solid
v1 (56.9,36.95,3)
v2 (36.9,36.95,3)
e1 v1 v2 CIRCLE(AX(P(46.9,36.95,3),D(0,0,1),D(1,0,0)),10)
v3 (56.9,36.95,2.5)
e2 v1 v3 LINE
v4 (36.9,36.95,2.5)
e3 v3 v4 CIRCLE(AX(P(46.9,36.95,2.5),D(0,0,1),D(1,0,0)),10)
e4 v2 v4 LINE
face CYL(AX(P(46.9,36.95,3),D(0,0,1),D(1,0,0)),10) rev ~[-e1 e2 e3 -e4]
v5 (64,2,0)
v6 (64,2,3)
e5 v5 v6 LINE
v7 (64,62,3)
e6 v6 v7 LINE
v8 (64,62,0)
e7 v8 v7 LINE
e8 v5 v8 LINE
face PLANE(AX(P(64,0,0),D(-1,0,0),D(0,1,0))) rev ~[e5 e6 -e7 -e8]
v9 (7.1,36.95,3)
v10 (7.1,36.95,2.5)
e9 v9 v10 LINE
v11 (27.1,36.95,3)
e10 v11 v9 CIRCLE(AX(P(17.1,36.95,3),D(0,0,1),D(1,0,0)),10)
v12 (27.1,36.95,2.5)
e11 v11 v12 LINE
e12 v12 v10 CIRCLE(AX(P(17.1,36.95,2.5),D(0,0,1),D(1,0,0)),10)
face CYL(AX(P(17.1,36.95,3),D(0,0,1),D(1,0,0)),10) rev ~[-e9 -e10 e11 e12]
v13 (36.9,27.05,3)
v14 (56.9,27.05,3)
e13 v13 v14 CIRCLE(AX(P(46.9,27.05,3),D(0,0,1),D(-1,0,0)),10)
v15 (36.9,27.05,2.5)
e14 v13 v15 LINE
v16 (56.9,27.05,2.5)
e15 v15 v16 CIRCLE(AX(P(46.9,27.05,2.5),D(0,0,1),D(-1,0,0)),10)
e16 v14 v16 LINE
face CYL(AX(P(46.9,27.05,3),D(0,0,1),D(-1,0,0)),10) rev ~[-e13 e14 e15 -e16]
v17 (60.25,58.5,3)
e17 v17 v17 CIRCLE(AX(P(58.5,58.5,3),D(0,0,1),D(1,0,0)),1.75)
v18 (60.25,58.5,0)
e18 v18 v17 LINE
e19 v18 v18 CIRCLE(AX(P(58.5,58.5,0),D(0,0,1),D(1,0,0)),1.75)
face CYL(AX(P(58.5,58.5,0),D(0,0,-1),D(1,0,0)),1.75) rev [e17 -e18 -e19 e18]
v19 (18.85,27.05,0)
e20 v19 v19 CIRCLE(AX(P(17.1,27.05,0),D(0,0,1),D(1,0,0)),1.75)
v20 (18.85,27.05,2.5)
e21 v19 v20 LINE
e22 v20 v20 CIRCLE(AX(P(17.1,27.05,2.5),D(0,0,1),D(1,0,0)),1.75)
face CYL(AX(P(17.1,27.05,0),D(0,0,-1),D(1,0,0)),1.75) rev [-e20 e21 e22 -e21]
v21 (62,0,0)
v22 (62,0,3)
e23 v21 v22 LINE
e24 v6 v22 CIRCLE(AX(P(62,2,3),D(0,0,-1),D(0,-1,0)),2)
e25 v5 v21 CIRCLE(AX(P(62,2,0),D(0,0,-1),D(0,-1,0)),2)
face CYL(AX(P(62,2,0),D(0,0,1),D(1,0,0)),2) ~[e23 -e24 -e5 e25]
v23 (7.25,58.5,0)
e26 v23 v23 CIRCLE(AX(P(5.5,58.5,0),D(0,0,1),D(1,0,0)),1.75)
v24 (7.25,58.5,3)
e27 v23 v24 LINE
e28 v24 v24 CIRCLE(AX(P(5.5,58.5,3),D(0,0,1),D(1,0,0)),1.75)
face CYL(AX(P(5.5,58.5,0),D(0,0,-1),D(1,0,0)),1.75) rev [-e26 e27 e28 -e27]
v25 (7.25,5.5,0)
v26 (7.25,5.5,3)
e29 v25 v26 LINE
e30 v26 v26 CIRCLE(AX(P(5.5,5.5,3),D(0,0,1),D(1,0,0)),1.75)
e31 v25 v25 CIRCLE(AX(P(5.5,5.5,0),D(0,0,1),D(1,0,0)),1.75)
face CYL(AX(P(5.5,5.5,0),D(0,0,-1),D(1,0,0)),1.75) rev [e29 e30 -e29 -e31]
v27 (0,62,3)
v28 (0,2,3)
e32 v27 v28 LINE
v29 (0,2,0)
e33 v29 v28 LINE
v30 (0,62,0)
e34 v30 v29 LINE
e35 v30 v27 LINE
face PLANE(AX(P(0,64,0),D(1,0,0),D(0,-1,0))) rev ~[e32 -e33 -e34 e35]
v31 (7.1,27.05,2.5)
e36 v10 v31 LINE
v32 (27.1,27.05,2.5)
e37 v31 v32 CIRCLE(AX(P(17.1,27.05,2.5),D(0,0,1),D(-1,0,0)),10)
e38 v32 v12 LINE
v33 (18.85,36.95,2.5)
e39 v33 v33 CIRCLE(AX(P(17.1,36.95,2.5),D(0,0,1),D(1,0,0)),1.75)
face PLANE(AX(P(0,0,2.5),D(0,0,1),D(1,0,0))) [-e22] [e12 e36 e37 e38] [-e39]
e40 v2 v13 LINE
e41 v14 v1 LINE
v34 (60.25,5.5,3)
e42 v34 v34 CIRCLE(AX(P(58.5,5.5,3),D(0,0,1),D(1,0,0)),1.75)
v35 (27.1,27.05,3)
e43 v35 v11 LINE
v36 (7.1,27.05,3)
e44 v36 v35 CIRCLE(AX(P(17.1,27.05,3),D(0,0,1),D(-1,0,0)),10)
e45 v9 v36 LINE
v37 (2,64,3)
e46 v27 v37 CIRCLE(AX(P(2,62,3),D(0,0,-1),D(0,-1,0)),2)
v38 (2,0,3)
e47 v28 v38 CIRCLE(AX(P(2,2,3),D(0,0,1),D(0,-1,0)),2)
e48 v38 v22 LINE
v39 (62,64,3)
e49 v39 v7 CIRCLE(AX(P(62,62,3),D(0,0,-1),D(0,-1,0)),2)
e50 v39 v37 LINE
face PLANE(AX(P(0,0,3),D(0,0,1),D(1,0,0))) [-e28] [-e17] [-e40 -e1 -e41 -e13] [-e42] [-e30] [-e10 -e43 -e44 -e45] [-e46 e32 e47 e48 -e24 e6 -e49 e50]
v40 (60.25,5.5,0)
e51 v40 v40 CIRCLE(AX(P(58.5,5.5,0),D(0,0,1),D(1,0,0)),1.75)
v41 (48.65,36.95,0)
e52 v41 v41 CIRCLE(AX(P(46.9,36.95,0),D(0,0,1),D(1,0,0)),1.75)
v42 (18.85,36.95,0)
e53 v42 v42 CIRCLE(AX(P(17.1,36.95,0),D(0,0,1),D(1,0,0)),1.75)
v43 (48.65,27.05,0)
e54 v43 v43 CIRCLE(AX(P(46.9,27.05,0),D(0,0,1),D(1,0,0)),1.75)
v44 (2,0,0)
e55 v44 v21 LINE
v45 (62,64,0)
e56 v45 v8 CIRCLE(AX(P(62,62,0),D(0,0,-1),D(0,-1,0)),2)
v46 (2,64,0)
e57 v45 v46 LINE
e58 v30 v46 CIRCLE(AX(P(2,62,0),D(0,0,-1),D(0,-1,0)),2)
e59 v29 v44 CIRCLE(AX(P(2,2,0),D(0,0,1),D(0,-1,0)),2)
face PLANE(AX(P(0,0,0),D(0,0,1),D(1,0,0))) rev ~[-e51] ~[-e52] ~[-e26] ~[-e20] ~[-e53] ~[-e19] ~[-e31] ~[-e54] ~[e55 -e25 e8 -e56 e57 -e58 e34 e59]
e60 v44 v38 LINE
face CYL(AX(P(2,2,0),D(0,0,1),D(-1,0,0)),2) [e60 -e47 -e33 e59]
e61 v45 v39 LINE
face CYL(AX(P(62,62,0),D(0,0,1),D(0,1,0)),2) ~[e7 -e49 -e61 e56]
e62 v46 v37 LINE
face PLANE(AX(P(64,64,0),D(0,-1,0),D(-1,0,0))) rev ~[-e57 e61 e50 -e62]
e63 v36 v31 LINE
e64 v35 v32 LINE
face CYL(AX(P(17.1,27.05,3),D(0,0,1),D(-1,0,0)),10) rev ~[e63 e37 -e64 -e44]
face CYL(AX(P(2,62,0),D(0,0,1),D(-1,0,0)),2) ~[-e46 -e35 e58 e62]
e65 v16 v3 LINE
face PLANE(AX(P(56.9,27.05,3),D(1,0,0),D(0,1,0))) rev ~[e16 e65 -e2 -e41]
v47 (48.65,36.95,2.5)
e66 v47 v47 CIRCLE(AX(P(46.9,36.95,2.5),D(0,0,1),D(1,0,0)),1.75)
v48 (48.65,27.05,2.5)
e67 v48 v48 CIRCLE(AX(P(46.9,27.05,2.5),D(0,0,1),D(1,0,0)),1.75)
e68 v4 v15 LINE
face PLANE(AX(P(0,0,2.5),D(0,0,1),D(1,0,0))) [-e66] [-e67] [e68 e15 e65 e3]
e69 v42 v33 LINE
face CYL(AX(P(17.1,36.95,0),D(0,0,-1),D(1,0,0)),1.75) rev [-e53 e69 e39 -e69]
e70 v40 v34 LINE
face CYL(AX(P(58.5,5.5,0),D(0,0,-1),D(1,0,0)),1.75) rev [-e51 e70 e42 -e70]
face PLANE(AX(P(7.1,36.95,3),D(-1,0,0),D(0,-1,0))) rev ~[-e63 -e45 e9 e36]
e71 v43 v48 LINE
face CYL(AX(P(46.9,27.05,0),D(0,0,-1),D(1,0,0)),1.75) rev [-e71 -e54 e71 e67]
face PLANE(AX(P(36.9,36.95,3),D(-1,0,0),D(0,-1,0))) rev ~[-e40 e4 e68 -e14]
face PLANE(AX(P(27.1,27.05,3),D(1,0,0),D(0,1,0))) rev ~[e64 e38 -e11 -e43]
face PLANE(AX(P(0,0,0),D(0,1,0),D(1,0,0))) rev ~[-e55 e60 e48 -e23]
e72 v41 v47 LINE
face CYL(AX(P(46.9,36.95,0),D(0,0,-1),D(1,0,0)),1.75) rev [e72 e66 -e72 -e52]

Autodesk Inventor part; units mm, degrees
ref_plane "YZ Plane" through (0, 0, 0) normal (1, 0, 0) x (0, 1, 0)
ref_plane "XZ Plane" through (0, 0, 0) normal (0, 1, 0) x (-1, 0, 0)
ref_plane "XY Plane" through (0, 0, 0) normal (0, 0, 1) x (1, 0, 0)
sketch "スケッチ1" plane through (0, 0, 0) normal (0, 0, 1) x (1, 0, 0)
  line L0 (0, 0) -> (64, 0)
  line L1 (64, 0) -> (64, 64)
  line L2 (64, 64) -> (0, 64)
  line L3 (0, 64) -> (0, 0)
  line L4 (5.5, 58.5) -> (58.5, 58.5) construction
  line L5 (58.5, 58.5) -> (58.5, 5.5) construction
  line L6 (58.5, 5.5) -> (5.5, 5.5) construction
  line L7 (5.5, 5.5) -> (5.5, 58.5) construction
  circle A0 centre (5.5, 58.5) radius 1.75
  circle A1 centre (5.5, 5.5) radius 1.75
  circle A2 centre (58.5, 5.5) radius 1.75
  circle A3 centre (58.5, 58.5) radius 1.75
  line L8 (0, 32) -> (64, 32) construction
  line L9 (32, 64) -> (32, 0) construction
  line L10 (17.1, 27.05) -> (46.9, 27.05) construction
  line L11 (46.9, 27.05) -> (46.9, 36.95) construction
  line L12 (46.9, 36.95) -> (17.1, 36.95) construction
  line L13 (17.1, 36.95) -> (17.1, 27.05) construction
  line L14 (17.1, 27.05) -> (46.9, 36.95) construction
  line L15 (46.9, 27.05) -> (17.1, 36.95) construction
  circle A4 centre (46.9, 36.95) radius 1.75
  circle A5 centre (46.9, 27.05) radius 1.75
  circle A6 centre (17.1, 27.05) radius 1.75
  circle A7 centre (17.1, 36.95) radius 1.75
  point P0 (32, 32)
  dimension "d0" = 64
  dimension "d2" = 53
  dimension "d3" = 3.5
  dimension "d4" = 3.5
  dimension "d5" = 9.9
  dimension "d6" = 29.8
extrude "押し出し1" add sketch "スケッチ1" along normal blind 3
fillet "フィレット1" radius 2 4 edges at (0, 0, 1.5) (64, 0, 1.5) (64, 64, 1.5) (0, 64, 1.5)
sketch "スケッチ2" plane through (0, 0, 3) normal (0, 0, 1) x (1, 0, 0)
  circle A0 centre (17.1, 36.95) radius 1.75 projected
  circle A1 centre (17.1, 27.05) radius 1.75 projected
  line L0 (17.1, 36.95) -> (17.1, 27.05) construction
  line L1 (7.1, 36.95) -> (7.1, 27.05)
  line L2 (27.1, 27.05) -> (27.1, 36.95)
  arc A2 (27.1, 36.95) -> (7.1, 36.95) centre (17.1, 36.95) ccw
  arc A3 (7.1, 27.05) -> (27.1, 27.05) centre (17.1, 27.05) ccw
  circle A4 centre (46.9, 36.95) radius 1.75 projected
  circle A5 centre (46.9, 27.05) radius 1.75 projected
  line L3 (46.9, 36.95) -> (46.9, 27.05) construction
  line L4 (36.9, 36.95) -> (36.9, 27.05)
  line L5 (56.9, 27.05) -> (56.9, 36.95)
  arc A6 (56.9, 36.95) -> (36.9, 36.95) centre (46.9, 36.95) ccw
  arc A7 (36.9, 27.05) -> (56.9, 27.05) centre (46.9, 27.05) ccw
  point P0 (0, 0)
  point P1 (17.1, 32)
  point P2 (46.9, 32)
  dimension "d10" = 10
  dimension "d11" = 10
extrude "押し出し2" cut sketch "スケッチ2" against normal blind 0.5
properties part number "_3D プリント"
